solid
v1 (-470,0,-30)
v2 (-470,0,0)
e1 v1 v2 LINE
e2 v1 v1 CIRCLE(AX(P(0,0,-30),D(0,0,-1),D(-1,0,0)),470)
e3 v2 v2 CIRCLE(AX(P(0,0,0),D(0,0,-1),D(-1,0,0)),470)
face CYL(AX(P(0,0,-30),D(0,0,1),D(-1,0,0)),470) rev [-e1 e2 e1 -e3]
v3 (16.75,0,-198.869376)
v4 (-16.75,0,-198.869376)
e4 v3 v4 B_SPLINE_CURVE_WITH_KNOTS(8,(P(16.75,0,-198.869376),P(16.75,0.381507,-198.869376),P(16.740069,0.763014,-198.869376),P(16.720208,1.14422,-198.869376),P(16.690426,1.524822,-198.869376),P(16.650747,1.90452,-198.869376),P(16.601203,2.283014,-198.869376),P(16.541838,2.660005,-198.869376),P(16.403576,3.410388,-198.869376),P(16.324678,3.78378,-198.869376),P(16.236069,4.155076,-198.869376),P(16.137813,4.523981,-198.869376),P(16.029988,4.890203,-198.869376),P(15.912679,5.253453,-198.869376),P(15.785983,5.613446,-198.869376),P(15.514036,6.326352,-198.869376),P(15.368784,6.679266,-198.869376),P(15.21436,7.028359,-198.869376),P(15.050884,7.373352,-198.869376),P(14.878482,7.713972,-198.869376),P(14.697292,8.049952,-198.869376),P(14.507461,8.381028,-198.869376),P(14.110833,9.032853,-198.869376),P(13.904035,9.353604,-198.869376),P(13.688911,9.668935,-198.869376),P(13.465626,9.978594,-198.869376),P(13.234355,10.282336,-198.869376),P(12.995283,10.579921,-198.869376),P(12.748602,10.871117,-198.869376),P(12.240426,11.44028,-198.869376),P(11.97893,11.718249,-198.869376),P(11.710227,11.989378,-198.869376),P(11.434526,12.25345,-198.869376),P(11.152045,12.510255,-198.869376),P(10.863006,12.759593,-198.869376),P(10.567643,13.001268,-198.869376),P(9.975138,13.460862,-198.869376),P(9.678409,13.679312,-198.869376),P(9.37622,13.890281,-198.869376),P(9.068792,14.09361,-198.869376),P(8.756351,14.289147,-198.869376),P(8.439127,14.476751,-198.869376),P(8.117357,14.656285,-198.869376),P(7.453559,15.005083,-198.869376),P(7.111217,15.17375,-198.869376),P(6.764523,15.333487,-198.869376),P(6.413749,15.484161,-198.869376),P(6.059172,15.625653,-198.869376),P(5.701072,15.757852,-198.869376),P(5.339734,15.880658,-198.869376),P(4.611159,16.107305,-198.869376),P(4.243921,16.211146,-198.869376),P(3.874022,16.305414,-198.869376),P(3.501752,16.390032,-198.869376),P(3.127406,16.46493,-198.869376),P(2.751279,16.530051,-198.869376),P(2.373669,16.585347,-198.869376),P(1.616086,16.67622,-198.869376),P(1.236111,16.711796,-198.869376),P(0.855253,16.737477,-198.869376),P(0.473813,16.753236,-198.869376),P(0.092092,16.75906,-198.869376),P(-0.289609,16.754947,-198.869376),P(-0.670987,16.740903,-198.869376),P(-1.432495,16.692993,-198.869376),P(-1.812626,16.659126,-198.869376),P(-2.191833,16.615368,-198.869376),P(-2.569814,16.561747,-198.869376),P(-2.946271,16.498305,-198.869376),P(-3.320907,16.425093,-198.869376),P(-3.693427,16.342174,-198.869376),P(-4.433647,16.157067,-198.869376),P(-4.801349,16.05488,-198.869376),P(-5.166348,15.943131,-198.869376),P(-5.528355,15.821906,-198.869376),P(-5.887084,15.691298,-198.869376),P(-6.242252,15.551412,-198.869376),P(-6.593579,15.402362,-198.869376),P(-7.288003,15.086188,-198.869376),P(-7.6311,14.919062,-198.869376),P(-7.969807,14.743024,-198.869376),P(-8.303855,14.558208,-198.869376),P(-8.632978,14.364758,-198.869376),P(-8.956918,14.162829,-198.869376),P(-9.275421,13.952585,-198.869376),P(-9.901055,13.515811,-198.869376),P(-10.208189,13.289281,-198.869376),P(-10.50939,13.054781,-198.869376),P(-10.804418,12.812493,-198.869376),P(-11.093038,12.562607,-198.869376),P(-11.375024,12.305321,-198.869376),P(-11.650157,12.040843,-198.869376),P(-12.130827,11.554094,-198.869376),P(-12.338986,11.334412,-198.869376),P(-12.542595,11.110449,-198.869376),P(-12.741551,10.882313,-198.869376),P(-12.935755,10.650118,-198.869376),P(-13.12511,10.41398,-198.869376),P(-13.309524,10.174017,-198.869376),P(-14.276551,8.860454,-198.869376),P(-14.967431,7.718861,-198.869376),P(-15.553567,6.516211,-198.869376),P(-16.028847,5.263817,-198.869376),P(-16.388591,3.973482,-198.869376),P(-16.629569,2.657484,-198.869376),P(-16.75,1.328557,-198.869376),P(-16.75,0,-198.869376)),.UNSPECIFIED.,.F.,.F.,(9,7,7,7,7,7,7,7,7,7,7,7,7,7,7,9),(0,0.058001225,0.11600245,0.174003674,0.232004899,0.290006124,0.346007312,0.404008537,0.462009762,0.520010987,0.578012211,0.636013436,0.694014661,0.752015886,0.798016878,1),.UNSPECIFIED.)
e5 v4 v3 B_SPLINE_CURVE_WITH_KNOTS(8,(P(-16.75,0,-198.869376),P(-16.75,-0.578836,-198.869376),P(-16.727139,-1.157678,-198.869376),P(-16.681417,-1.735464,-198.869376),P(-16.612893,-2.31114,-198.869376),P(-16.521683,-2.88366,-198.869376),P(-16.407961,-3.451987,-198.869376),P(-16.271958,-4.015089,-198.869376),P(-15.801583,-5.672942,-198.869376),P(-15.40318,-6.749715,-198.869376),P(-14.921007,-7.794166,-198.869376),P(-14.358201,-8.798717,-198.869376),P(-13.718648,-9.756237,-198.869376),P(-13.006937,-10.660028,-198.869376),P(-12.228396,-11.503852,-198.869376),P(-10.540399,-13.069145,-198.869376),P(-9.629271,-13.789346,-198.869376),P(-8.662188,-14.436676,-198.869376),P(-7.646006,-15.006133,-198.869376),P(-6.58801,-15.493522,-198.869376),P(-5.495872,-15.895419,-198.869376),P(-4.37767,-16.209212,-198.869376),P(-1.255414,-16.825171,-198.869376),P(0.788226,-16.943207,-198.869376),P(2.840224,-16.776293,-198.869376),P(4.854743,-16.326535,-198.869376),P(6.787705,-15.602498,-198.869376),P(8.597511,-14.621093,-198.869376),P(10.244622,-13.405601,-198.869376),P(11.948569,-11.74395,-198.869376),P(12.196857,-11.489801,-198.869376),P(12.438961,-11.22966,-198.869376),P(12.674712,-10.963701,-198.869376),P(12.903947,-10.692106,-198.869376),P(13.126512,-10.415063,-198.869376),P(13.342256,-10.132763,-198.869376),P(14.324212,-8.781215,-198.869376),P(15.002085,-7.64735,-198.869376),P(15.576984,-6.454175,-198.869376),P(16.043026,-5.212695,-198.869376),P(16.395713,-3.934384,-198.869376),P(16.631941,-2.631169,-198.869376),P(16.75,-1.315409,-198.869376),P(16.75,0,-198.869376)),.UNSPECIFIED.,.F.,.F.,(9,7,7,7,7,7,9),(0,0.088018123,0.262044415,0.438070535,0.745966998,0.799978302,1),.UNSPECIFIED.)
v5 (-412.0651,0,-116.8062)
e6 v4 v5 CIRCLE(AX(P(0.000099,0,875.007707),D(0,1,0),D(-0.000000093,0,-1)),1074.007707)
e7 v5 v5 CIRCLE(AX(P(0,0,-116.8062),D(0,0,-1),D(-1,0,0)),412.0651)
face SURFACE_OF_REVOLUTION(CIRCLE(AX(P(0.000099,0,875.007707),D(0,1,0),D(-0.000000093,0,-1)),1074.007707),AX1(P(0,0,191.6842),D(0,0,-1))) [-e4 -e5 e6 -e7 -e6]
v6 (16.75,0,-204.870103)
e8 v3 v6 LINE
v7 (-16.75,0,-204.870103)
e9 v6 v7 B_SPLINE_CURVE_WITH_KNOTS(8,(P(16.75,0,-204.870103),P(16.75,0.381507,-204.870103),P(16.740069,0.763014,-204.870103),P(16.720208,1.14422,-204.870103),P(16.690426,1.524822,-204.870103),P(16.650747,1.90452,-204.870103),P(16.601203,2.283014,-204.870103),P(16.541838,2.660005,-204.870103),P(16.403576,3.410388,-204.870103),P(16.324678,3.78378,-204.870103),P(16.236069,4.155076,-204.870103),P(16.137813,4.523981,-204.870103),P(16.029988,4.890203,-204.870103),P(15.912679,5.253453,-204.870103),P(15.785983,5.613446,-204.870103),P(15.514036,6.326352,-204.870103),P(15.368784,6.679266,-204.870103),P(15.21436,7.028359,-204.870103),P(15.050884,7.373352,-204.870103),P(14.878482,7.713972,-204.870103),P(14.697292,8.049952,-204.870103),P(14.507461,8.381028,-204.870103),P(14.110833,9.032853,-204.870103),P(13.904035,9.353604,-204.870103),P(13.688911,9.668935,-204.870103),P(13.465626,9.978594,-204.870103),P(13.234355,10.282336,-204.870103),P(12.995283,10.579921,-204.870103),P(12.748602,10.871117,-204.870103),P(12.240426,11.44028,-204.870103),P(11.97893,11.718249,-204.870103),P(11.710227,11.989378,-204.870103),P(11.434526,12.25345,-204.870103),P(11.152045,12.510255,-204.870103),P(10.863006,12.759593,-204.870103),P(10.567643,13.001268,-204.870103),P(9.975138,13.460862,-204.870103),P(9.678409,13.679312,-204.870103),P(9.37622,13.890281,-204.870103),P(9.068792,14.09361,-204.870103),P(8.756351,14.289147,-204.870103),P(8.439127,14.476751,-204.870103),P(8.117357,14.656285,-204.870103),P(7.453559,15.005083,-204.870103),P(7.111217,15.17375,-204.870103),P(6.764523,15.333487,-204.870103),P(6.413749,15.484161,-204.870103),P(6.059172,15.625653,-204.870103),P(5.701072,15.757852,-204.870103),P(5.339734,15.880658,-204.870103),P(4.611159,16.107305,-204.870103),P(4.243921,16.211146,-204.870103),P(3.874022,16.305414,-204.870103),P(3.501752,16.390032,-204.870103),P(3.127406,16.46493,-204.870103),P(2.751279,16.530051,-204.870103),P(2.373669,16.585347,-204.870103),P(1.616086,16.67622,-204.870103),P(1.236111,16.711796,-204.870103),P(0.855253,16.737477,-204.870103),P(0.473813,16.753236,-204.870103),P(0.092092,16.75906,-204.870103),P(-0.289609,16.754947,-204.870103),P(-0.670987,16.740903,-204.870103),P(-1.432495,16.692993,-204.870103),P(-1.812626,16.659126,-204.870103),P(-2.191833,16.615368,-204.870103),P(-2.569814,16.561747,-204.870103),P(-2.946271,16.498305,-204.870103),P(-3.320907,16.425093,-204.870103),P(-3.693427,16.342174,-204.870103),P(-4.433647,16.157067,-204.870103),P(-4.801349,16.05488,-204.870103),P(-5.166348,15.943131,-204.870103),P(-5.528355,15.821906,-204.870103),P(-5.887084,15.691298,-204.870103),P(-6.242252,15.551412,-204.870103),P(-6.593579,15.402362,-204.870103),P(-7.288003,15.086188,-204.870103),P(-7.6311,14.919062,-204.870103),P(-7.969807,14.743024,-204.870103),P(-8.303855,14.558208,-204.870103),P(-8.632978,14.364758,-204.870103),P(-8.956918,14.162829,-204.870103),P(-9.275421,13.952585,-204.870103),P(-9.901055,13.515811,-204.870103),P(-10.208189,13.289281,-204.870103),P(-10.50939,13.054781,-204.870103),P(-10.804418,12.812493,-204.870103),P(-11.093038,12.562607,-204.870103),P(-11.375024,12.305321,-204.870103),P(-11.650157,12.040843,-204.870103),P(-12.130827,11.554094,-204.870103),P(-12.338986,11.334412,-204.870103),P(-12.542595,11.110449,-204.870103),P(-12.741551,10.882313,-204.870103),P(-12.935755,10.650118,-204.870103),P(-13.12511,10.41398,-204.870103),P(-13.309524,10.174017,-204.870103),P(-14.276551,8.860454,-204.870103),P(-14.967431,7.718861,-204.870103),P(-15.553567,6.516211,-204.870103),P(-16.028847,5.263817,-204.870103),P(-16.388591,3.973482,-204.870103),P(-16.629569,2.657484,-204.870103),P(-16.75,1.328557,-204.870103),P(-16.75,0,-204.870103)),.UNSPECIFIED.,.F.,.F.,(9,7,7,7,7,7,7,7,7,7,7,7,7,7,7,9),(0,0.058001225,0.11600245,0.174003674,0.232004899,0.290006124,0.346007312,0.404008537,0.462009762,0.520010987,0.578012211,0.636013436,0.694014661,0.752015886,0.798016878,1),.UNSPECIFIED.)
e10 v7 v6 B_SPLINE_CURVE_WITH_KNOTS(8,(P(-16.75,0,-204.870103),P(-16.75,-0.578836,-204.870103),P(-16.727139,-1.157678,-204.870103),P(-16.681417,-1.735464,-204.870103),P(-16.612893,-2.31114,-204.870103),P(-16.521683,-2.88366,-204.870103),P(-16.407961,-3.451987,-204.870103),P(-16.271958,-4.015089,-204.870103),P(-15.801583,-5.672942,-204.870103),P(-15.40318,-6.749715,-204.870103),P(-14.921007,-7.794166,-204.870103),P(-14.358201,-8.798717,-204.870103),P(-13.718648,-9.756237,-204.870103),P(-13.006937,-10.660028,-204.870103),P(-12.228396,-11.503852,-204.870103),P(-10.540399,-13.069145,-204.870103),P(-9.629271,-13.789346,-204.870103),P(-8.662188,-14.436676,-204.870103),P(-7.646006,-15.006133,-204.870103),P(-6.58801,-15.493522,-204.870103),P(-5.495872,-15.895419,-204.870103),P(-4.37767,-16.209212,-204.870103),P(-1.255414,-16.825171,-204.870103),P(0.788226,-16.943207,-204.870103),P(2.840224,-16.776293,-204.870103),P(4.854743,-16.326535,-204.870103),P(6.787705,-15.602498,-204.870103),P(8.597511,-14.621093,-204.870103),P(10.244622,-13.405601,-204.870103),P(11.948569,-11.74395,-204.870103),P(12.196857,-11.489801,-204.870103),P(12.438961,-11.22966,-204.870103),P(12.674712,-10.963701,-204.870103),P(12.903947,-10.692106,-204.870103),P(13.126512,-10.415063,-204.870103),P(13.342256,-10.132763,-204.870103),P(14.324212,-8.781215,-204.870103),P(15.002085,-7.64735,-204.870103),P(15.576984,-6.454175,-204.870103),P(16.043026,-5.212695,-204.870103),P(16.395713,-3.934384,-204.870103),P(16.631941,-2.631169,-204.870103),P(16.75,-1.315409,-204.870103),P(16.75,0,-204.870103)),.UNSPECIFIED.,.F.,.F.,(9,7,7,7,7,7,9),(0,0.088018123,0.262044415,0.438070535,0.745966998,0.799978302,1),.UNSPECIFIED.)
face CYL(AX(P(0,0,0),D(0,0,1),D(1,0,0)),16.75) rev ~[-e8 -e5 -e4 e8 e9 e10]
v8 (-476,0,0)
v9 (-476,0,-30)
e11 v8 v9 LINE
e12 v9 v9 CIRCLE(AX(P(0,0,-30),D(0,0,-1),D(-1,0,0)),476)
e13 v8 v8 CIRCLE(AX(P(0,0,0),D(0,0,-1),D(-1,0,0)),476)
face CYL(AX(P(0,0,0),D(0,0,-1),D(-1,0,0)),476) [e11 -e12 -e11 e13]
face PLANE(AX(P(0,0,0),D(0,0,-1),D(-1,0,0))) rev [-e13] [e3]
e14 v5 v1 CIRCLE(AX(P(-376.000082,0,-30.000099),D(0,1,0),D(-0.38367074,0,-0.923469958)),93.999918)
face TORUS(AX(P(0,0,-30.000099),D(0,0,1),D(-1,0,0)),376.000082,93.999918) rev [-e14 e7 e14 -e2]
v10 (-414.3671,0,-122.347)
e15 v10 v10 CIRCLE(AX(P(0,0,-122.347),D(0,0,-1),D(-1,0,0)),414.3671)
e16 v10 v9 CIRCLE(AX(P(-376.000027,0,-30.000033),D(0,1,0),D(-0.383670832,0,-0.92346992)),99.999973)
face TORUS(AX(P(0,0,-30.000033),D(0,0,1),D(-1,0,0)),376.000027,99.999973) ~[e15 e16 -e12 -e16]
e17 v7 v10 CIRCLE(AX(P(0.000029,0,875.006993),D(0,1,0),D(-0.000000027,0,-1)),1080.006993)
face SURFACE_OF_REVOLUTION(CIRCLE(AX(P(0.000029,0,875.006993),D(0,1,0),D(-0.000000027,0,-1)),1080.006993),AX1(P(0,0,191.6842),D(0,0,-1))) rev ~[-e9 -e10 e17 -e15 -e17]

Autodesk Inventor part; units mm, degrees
ref_plane "YZ Plane" through (0, 0, 0) normal (1, 0, 0) x (0, 1, 0)
ref_plane "XZ Plane" through (0, 0, 0) normal (0, 1, 0) x (-1, 0, 0)
ref_plane "XY Plane" through (0, 0, 0) normal (0, 0, 1) x (1, 0, 0)
sketch "Sketch1" plane through (0, 0, 0) normal (0, 1, 0) x (-1, 0, 0)
  line L0 (476, 0) -> (476, -30)
  arc A0 (414.3671, -122.347) -> (476, -30) centre (376, -30) ccw
  arc A1 (0, -205) -> (414.3671, -122.347) centre (0, 875.0067) ccw
  line L1 (0, 191.6842) -> (0, -191.6842)
  arc A2 (0, -199) -> (412.0651, -116.8062) centre (0, 875.0067) ccw
  arc A3 (412.0651, -116.8062) -> (470, -30) centre (376, -30) ccw
  line L2 (470, -30) -> (470, 0)
  line L3 (470, 0) -> (476, 0)
  line L4 (0, -199) -> (0, -205)
  point P0 (0, 0)
  point P1 (0, 0)
  point P2 (0, -202)
  point P3 (0, -163.7009)
  point P4 (0, -169.7009)
  dimension "d0" = 100
  dimension "d1" = 30
  dimension "d3" = 1080.0067
  dimension "d6" = 6
  dimension "d11" = 940
  dimension "d12" = 205
revolve "Revolution1" add sketch "Sketch1" angle 360 about axis through (0, 0, 191.6842) along (0, 0, -1)
sketch "Sketch2" plane through (0, 0, 0) normal (0, 0, 1) x (1, 0, 0)
  circle A0 centre (0, 0) radius 16.75
  dimension "d8" = 33.5
extrude "Extrusion1" cut sketch "Sketch2" against normal through all
equation "\"d11\" = MAIN_filter_diam"
equation "\"Disherd_head_hight\" = d12"
equation "\"MAIN_filter_diam\" = 940"
properties part number "SLM 1604 dished head D1000"
